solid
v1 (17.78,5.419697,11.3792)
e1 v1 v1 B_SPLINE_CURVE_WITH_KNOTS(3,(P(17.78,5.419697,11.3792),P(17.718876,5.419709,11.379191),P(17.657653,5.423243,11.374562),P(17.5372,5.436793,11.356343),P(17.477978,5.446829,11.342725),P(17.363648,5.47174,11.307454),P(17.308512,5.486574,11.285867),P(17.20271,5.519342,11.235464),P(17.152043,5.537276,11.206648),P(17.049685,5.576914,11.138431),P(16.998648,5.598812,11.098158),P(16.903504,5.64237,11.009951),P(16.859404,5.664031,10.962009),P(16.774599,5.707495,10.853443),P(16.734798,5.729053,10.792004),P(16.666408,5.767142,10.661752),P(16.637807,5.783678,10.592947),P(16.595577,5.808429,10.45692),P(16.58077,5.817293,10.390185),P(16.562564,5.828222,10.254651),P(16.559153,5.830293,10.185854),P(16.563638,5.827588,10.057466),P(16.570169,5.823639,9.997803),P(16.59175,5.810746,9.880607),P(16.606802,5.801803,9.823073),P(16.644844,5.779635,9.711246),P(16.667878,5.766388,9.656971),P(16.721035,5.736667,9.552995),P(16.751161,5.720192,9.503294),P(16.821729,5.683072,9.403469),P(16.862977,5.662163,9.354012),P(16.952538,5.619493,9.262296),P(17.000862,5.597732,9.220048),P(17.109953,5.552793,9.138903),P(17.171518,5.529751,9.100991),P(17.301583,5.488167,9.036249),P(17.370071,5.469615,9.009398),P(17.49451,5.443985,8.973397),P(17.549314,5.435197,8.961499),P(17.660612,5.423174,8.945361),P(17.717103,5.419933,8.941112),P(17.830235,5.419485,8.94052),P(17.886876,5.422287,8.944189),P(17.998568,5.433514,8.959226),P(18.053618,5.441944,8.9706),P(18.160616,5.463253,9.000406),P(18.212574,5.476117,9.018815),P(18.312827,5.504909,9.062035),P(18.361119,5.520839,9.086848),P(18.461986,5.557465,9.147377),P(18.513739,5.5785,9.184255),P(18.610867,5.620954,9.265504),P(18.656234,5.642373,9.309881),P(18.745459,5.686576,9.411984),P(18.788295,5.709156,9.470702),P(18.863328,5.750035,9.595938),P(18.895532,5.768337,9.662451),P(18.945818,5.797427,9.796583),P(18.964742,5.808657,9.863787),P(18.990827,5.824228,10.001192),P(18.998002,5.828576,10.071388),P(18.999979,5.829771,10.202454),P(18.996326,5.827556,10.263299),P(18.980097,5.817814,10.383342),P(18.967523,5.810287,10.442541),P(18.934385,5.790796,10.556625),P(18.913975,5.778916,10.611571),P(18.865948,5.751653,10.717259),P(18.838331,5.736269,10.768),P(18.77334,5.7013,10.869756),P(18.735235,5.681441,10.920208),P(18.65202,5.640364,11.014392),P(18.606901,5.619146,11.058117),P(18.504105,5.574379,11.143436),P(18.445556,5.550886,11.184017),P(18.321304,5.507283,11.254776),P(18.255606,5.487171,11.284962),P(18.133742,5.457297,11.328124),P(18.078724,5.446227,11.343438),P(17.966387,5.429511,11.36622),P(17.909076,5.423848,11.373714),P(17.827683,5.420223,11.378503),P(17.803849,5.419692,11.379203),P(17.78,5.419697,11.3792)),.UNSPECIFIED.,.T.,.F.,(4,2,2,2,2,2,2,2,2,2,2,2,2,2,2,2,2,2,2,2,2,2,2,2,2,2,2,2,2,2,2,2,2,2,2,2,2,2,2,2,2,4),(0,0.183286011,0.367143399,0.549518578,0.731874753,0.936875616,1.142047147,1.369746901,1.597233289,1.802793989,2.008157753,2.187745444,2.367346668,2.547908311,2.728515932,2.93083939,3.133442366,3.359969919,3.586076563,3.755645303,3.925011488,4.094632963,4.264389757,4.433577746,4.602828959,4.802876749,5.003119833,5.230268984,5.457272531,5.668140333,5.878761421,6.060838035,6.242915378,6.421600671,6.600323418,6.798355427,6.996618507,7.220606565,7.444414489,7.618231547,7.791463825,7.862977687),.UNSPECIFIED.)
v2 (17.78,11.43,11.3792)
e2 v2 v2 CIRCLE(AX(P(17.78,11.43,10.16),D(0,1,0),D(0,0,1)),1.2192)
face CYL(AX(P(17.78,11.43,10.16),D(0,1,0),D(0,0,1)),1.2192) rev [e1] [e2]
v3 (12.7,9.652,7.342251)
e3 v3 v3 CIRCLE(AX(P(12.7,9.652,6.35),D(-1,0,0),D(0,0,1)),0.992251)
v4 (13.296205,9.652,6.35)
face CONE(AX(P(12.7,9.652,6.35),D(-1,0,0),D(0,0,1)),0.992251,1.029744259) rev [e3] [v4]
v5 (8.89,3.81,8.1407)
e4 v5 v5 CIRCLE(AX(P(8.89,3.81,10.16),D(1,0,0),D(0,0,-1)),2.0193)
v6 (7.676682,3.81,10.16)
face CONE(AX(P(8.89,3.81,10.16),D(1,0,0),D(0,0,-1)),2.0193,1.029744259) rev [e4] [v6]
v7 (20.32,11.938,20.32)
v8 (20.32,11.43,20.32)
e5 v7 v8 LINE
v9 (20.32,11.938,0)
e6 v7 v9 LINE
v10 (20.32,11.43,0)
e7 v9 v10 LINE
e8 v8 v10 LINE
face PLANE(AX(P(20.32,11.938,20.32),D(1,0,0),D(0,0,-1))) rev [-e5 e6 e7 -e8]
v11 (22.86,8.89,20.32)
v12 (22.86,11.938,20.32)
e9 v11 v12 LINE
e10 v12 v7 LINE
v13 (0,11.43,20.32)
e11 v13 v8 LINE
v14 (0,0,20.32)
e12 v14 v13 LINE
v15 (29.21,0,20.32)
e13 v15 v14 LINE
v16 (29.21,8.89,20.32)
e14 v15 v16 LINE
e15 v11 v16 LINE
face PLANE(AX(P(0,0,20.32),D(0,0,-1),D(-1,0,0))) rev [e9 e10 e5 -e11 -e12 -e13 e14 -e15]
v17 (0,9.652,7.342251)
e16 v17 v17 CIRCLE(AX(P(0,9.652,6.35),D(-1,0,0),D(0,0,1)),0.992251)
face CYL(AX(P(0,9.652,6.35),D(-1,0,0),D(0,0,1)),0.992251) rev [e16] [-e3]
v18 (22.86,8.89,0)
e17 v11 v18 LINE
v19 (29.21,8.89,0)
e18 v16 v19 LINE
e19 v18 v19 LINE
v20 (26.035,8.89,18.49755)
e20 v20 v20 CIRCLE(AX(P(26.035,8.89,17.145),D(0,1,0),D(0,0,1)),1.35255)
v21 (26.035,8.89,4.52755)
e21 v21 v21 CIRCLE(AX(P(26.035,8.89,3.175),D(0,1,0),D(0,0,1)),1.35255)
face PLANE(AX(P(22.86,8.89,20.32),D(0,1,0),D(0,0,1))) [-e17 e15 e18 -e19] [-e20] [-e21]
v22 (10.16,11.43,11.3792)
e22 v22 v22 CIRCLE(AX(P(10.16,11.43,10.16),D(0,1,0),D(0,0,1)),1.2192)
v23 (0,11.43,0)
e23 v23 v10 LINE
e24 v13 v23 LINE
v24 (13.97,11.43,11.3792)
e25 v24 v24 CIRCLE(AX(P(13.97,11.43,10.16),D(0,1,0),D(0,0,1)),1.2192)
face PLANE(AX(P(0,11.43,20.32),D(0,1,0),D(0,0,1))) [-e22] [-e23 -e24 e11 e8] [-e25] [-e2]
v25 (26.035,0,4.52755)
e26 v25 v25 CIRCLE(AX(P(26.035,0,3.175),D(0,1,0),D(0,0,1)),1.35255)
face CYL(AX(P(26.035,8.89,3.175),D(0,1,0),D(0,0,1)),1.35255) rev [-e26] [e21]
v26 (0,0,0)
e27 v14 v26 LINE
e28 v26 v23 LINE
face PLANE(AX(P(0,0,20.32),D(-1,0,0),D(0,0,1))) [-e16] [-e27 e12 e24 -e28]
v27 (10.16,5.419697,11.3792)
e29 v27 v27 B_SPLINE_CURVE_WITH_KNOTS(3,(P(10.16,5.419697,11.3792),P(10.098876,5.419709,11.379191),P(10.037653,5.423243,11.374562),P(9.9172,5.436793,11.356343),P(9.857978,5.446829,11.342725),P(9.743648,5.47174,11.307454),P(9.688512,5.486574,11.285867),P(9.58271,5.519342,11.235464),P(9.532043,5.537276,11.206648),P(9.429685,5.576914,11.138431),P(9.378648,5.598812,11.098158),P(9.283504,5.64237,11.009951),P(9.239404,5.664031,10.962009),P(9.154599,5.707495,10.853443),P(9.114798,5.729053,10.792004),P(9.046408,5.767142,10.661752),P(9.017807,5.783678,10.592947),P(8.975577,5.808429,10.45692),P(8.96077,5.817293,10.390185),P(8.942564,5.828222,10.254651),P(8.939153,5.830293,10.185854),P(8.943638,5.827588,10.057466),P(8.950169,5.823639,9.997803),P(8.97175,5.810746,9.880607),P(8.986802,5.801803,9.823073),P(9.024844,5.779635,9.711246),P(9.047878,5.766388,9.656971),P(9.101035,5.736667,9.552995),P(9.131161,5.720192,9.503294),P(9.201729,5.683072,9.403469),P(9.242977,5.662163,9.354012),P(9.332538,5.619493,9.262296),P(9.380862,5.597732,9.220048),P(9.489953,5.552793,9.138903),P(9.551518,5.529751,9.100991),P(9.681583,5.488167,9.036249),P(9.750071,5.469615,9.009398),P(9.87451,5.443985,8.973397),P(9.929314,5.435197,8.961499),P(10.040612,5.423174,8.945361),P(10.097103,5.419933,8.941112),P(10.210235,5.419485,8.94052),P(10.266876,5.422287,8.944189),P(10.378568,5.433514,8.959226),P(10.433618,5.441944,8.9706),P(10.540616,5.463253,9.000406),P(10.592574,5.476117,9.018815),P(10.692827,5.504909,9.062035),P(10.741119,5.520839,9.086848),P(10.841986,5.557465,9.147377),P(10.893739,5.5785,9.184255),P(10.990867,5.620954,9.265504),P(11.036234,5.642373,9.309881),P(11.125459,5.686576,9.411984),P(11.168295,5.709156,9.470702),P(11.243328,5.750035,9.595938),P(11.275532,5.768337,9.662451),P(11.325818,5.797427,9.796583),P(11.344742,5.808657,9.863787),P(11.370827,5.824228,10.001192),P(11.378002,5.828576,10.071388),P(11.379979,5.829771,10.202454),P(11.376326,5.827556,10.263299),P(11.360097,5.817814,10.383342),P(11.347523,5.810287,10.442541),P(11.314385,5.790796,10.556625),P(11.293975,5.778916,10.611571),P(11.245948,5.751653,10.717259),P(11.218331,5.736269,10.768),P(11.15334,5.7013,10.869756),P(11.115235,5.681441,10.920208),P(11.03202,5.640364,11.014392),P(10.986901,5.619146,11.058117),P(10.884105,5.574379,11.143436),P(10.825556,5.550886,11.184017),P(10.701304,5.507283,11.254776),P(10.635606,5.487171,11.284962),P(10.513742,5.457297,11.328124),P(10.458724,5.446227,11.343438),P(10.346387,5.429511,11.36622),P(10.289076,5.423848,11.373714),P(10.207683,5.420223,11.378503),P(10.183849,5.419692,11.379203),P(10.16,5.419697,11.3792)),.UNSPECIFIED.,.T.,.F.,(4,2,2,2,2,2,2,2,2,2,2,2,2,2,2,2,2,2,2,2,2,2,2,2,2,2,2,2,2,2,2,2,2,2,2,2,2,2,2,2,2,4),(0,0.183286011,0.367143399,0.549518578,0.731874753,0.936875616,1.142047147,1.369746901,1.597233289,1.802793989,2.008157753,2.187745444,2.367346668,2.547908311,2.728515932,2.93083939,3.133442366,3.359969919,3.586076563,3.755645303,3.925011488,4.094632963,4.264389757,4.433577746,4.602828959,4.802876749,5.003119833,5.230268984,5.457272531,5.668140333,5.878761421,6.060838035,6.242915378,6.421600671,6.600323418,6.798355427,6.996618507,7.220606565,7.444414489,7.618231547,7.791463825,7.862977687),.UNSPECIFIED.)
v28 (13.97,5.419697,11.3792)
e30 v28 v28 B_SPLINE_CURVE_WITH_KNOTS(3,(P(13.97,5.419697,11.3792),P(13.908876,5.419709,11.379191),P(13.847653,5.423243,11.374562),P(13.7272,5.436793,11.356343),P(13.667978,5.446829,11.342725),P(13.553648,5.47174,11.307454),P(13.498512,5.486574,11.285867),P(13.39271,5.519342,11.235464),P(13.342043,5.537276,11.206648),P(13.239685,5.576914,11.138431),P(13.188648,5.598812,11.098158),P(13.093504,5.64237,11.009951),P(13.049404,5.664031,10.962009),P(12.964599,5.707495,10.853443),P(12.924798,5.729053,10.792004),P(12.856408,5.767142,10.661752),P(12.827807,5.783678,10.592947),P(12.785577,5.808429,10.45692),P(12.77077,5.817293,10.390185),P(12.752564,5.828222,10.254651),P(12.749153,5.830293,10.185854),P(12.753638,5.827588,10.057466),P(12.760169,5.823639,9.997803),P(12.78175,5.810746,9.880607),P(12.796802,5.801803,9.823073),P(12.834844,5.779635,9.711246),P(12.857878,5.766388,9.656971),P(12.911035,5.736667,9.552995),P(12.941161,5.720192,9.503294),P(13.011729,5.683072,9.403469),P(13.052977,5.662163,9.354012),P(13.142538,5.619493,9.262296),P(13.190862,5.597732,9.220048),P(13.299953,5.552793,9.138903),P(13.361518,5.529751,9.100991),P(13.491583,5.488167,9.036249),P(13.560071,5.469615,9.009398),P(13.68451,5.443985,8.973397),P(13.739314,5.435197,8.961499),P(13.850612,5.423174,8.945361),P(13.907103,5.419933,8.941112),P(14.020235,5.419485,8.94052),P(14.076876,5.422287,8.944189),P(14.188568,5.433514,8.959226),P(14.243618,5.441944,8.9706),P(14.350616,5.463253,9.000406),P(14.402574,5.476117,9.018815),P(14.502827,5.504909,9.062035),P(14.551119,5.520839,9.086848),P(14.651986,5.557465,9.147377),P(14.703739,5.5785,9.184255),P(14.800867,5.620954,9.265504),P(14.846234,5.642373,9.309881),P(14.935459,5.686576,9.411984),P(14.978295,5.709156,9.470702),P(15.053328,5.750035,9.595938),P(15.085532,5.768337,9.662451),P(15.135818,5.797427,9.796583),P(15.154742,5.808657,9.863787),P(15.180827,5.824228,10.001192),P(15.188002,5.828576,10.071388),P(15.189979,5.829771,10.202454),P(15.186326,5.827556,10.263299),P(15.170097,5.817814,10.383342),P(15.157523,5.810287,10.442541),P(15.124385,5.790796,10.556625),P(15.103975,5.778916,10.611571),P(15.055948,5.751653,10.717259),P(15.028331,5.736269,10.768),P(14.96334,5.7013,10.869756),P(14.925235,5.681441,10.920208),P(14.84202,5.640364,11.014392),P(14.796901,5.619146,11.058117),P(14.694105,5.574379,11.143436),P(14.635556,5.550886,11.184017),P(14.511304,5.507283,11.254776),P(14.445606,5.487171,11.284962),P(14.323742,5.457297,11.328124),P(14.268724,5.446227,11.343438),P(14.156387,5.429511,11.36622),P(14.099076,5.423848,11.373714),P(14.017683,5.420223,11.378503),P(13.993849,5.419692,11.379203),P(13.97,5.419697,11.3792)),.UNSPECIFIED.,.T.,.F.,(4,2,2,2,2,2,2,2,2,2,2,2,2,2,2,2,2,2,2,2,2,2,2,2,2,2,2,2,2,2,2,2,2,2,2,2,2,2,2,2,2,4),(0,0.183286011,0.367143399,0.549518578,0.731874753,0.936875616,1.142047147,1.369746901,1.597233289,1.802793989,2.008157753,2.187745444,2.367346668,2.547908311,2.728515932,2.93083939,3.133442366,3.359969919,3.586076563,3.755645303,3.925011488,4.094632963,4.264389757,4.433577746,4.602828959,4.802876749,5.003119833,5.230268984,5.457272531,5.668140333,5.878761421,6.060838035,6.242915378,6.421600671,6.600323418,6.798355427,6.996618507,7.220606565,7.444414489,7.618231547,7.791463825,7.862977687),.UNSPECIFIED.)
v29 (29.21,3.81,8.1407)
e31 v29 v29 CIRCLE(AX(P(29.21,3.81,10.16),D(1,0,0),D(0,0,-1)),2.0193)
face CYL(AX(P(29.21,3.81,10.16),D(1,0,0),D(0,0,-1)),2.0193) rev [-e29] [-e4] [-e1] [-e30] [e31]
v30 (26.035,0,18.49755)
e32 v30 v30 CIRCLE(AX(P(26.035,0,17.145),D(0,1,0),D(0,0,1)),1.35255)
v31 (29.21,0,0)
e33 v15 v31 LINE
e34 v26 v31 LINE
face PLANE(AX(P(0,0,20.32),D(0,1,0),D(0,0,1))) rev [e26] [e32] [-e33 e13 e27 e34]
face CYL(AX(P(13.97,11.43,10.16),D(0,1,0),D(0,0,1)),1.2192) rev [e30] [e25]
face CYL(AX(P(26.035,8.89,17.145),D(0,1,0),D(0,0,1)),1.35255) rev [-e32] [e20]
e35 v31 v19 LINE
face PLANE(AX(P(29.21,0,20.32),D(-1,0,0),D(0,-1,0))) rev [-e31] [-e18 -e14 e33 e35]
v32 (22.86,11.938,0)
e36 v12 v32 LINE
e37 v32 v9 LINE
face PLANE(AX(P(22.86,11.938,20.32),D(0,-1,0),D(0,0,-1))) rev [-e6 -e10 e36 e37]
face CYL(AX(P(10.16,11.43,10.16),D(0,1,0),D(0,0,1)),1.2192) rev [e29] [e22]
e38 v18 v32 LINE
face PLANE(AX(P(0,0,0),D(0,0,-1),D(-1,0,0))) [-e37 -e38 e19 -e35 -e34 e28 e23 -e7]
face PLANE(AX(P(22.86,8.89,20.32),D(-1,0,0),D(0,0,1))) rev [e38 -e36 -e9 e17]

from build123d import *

# Parameters (mm, degrees)
BOSS_EXTRUDE1_DEPTH                 = 20.32
F_2_CLEARANCE_HOLE1_D               = 2.4384
F_2_CLEARANCE_HOLE1_DEPTH           = 7.62
F_2_CLEARANCE_HOLE1_TIP             = 0.732569267
TAP_DRILL_FOR_10_32_TAP1_D          = 4.0386
TAP_DRILL_FOR_10_32_TAP1_DEPTH      = 20.32
TAP_DRILL_FOR_10_32_TAP1_TIP        = 1.213317848
F_5_64_0_07813_DIAMETER_HOLE1_D     = 1.984502
F_5_64_0_07813_DIAMETER_HOLE1_DEPTH = 12.7
F_5_64_0_07813_DIAMETER_HOLE1_TIP   = 0.59620455
TAP_DRILL_FOR_6_32_TAP1_D           = 2.7051


with BuildPart() as part:
    # Sketch1 → Boss-Extrude1 (new body)
    with BuildSketch(Plane.XY):
        Polygon((0, 0), (25.4, 0), (29.21, 0), (29.21, 8.89), (22.86, 8.89), (22.86, 11.938), (20.32, 11.938), (20.32, 11.43), (0, 11.43), align=None)
    extrude(amount=BOSS_EXTRUDE1_DEPTH)

    # #2 Clearance Hole1
    with Locations(Plane(origin=(17.78, 11.43, 10.16), x_dir=(0, 0, 1), z_dir=(0, 1, 0))):
        with Locations((0, 0), (0, -3.81), (0, -7.62)):
            Hole(F_2_CLEARANCE_HOLE1_D / 2, depth=F_2_CLEARANCE_HOLE1_DEPTH)
            with Locations((0, 0, -(F_2_CLEARANCE_HOLE1_DEPTH + F_2_CLEARANCE_HOLE1_TIP / 2))):  # 118° drill point
                Cone(0, F_2_CLEARANCE_HOLE1_D / 2, F_2_CLEARANCE_HOLE1_TIP, mode=Mode.SUBTRACT)

    # Tap Drill for #10-32 Tap1
    with Locations(Plane(origin=(29.21, 3.81, 10.16), x_dir=(0, 1, 0), z_dir=(1, 0, 0))):
        with Locations((0, 0)):
            Hole(TAP_DRILL_FOR_10_32_TAP1_D / 2, depth=TAP_DRILL_FOR_10_32_TAP1_DEPTH)
            with Locations((0, 0, -(TAP_DRILL_FOR_10_32_TAP1_DEPTH + TAP_DRILL_FOR_10_32_TAP1_TIP / 2))):  # 118° drill point
                Cone(0, TAP_DRILL_FOR_10_32_TAP1_D / 2, TAP_DRILL_FOR_10_32_TAP1_TIP, mode=Mode.SUBTRACT)

    # 5/64 (0.07813) Diameter Hole1
    with Locations(Plane(origin=(0, 9.652, 6.35), x_dir=(0, 0, -1), z_dir=(-1, 0, 0))):
        with Locations((0, 0)):
            Hole(F_5_64_0_07813_DIAMETER_HOLE1_D / 2, depth=F_5_64_0_07813_DIAMETER_HOLE1_DEPTH)
            with Locations((0, 0, -(F_5_64_0_07813_DIAMETER_HOLE1_DEPTH + F_5_64_0_07813_DIAMETER_HOLE1_TIP / 2))):  # 118° drill point
                Cone(0, F_5_64_0_07813_DIAMETER_HOLE1_D / 2, F_5_64_0_07813_DIAMETER_HOLE1_TIP, mode=Mode.SUBTRACT)

    # Tap Drill for #6-32 Tap1 (through all)
    with Locations(Plane(origin=(26.035, 8.89, 17.145), x_dir=(0, 0, 1), z_dir=(0, 1, 0))):
        with Locations((0, 0), (-13.97, 0)):
            Hole(TAP_DRILL_FOR_6_32_TAP1_D / 2)


solid = part.part
